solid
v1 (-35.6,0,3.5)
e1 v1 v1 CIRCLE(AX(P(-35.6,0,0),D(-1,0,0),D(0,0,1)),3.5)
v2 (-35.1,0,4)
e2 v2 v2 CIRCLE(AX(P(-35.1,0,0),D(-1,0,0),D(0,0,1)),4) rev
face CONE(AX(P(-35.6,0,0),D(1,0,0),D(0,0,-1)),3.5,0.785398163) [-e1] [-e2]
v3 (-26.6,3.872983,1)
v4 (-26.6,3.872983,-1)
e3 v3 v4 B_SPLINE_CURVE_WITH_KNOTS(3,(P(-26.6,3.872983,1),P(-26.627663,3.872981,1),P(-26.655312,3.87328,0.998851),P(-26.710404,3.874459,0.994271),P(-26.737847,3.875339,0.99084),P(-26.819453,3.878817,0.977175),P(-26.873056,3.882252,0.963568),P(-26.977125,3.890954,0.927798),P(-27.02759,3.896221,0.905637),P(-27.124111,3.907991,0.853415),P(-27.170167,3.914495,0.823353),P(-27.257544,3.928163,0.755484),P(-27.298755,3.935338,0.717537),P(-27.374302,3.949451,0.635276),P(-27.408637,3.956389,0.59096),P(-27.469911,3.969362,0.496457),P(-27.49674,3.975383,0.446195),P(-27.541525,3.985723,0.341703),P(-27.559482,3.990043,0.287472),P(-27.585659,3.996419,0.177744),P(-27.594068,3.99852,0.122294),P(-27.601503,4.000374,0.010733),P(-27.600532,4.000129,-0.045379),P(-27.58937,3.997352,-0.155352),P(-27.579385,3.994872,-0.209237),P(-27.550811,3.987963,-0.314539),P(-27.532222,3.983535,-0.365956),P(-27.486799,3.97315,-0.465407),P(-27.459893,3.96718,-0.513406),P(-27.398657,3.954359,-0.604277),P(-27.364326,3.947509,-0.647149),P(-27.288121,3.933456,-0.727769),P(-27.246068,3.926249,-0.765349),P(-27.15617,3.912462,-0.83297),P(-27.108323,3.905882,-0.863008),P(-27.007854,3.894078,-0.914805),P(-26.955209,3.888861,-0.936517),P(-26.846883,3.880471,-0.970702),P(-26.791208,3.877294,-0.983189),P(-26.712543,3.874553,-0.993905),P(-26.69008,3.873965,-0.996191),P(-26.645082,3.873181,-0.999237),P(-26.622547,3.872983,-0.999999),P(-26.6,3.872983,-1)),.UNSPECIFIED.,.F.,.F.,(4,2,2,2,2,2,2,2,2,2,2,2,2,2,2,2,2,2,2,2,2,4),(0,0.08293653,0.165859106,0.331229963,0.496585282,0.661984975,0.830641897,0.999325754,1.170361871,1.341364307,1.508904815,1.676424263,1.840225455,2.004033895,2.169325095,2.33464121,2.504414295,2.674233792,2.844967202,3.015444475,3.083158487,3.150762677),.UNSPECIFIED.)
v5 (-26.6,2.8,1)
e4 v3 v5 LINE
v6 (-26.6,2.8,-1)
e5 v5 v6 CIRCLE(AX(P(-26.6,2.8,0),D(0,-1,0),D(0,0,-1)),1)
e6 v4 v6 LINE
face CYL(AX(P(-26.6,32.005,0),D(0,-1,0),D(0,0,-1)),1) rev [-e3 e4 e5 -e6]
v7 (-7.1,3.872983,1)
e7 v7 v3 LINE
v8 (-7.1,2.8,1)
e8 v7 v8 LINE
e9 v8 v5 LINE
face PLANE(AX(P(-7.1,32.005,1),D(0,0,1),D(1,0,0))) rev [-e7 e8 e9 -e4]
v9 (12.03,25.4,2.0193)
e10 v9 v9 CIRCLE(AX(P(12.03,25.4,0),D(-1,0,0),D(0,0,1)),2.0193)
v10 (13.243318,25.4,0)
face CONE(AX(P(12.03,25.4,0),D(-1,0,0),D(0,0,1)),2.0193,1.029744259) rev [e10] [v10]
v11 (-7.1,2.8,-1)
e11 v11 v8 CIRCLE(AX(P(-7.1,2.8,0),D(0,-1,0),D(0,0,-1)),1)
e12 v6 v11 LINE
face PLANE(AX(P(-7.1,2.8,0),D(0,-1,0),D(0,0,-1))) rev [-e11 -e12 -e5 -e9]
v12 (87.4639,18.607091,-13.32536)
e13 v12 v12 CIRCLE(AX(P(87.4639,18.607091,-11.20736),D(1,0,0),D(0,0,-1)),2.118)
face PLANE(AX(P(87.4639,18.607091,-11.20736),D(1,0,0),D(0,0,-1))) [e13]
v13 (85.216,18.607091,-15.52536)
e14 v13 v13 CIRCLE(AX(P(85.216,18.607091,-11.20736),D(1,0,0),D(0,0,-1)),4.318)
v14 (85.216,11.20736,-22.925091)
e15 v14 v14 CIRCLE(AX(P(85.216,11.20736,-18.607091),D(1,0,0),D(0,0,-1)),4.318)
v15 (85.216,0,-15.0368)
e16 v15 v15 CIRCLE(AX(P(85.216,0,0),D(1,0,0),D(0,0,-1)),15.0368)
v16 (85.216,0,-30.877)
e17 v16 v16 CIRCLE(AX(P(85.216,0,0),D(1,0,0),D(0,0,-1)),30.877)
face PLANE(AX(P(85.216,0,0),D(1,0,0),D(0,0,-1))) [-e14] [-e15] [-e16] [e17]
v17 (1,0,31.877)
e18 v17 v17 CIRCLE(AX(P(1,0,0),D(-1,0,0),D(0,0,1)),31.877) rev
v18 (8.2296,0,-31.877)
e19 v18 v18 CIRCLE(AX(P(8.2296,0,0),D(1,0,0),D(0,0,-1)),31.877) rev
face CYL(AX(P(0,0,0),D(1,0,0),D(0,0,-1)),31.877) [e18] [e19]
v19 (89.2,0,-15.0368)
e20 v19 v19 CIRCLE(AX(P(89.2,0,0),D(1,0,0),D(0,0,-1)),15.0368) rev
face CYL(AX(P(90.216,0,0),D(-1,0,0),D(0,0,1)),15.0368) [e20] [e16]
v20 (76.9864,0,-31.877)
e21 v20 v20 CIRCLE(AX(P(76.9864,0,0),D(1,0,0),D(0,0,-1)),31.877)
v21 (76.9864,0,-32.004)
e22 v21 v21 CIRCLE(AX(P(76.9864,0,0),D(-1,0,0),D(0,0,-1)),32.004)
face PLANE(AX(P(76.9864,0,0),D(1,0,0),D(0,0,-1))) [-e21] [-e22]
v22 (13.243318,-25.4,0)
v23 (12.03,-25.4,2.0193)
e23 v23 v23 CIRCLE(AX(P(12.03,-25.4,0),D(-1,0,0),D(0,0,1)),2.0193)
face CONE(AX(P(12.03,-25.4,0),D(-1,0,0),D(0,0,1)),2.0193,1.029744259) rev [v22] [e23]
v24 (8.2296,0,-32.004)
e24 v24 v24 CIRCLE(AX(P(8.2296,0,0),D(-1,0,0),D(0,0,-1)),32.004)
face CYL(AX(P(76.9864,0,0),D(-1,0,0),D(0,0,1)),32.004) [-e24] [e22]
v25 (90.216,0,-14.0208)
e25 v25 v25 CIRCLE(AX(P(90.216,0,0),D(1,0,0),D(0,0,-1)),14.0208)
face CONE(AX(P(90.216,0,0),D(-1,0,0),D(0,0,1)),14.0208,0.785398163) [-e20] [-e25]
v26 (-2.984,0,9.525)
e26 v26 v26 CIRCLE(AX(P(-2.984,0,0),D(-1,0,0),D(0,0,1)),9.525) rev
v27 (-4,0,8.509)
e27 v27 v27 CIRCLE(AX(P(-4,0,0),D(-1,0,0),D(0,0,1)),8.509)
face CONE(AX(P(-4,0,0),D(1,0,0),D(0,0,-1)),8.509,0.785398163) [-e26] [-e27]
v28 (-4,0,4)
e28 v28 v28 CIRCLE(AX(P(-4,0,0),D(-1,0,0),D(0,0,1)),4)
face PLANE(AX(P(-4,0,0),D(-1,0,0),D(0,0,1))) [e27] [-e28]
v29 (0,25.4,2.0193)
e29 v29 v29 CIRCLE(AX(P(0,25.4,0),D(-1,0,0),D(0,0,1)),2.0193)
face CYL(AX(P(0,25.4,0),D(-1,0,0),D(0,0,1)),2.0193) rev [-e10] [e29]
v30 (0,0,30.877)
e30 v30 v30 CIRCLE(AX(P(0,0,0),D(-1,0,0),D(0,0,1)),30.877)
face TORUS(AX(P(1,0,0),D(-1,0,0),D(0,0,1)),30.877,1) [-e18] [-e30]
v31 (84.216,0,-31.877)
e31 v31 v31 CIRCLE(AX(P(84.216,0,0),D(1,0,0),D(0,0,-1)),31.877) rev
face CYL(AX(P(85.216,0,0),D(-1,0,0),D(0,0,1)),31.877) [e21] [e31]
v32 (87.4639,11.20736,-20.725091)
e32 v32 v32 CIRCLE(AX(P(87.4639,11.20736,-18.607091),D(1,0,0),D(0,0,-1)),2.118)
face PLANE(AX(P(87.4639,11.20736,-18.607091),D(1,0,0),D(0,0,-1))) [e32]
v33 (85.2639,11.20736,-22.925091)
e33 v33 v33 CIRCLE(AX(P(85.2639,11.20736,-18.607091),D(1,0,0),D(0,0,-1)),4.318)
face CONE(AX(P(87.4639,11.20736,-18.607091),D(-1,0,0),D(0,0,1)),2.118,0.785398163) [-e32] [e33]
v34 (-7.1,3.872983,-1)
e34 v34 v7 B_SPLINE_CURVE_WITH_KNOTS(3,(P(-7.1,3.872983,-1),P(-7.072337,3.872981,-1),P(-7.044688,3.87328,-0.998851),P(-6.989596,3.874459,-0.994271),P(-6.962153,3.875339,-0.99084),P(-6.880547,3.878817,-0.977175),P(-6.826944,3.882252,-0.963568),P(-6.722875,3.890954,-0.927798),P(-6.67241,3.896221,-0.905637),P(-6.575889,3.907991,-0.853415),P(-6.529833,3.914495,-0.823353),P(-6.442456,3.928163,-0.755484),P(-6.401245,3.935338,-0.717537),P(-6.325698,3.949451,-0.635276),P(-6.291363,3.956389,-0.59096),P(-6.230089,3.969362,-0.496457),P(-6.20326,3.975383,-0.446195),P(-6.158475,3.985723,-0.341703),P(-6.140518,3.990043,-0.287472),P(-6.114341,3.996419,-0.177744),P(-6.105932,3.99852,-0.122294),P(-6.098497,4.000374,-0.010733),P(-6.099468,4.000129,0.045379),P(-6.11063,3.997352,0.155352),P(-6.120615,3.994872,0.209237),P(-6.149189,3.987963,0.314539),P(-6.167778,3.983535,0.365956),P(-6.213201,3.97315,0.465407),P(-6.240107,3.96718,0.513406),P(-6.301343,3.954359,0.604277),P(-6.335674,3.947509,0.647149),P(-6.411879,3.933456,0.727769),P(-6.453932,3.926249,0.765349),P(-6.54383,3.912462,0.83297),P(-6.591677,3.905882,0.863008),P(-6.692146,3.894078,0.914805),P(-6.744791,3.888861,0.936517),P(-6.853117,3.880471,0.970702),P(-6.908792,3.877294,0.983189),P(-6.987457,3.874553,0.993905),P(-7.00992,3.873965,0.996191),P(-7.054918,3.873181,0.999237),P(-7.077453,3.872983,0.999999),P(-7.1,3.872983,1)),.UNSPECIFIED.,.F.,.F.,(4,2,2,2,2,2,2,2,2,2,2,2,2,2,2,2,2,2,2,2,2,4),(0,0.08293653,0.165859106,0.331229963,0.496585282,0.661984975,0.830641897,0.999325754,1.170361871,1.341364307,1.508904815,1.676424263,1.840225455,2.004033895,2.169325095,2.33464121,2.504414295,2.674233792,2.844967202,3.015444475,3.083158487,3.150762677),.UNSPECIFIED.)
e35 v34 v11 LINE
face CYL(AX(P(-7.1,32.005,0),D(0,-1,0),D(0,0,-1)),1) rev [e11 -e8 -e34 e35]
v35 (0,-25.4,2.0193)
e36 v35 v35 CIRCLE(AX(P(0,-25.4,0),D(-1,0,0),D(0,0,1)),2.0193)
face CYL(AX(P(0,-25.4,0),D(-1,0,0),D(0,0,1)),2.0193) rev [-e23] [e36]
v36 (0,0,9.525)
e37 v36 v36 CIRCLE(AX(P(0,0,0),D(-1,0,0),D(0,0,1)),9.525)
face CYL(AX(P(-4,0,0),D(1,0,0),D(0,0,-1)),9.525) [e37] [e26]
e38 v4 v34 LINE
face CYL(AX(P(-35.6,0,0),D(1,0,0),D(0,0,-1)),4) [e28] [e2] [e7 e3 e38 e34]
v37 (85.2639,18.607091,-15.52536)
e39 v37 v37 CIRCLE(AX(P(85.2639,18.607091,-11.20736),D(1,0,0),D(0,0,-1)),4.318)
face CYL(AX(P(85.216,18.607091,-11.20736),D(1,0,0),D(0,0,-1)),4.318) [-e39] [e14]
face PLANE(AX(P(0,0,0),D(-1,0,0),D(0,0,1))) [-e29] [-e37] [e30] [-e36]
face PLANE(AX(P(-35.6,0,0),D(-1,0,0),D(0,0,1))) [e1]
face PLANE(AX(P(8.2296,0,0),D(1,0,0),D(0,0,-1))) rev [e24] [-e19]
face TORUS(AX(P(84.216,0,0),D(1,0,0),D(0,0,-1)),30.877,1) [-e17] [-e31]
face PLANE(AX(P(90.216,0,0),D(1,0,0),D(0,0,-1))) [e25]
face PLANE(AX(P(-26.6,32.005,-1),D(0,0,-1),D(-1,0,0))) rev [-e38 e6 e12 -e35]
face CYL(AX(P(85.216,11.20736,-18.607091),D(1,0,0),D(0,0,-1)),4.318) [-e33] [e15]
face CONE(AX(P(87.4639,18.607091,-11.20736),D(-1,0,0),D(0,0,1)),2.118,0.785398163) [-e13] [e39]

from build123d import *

# Parameters (mm, degrees)
SKETCH1_R                  = 32.004
BOSS_EXTRUDE1_DEPTH        = 68.7568
SKETCH2_R                  = 31.877
BOSS_EXTRUDE2_DEPTH        = 8.2296
SKETCH3_R                  = 15.0368
BOSS_EXTRUDE3_DEPTH        = 5
BOSS_EXTRUDE4_START        = 8.2296
SKETCH4_R                  = 31.877
BOSS_EXTRUDE4_DEPTH        = 8.2296
SKETCH5_R                  = 9.525
BOSS_EXTRUDE5_DEPTH        = 4
SKETCH6_R                  = 4
BOSS_EXTRUDE6_DEPTH        = 31.6
CUT_EXTRUDE1_REACH         = 103.855
CUT_EXTRUDE1_END_RADIUS    = 4
F_10_32_TAPPED_HOLE1_D     = 4.0386
F_10_32_TAPPED_HOLE1_DEPTH = 12.03
F_10_32_TAPPED_HOLE1_TIP   = 1.213317848
CHAMFER1_SIZE              = 1.016
CHAMFER2_SIZE              = 0.5
FILLET1_R                  = 1


with BuildPart() as part:
    # Sketch1 → Boss-Extrude1 (new body)
    with BuildSketch(Plane(origin=(8.2296, 0, 0), x_dir=(0, -1, 0), z_dir=(-1, 0, 0))):
        with Locations(Location((0, 0, 0), (0, 0, 270))):
            Circle(SKETCH1_R)
    extrude(amount=-BOSS_EXTRUDE1_DEPTH)

    # Sketch2 → Boss-Extrude2 (add)
    with BuildSketch(Plane(origin=(76.9864, 0, 0), x_dir=(0, 0, -1), z_dir=(1, 0, 0))):
        Circle(SKETCH2_R)
    extrude(amount=BOSS_EXTRUDE2_DEPTH)

    # Sketch3 → Boss-Extrude3 (add)
    with BuildSketch(Plane(origin=(85.216, 0, 0), x_dir=(0, 0, -1), z_dir=(1, 0, 0))):
        Circle(SKETCH3_R)
    extrude(amount=BOSS_EXTRUDE3_DEPTH)

    # Sketch4 → Boss-Extrude4 (add)
    with BuildSketch(Plane.ZY.offset(-8.2296).offset(BOSS_EXTRUDE4_START)):
        with Locations(Location((0, 0, 0), (0, 0, 180))):
            Circle(SKETCH4_R)
    extrude(amount=-BOSS_EXTRUDE4_DEPTH)

    # Sketch5 → Boss-Extrude5 (add)
    with BuildSketch(Plane.ZY):
        Circle(SKETCH5_R)
    extrude(amount=BOSS_EXTRUDE5_DEPTH)

    # Sketch6 → Boss-Extrude6 (add)
    with BuildSketch(Plane.ZY.offset(4)):
        Circle(SKETCH6_R)
    extrude(amount=BOSS_EXTRUDE6_DEPTH)

    # Cut-Extrude1: up to this cylinder (the profile starts inside it)
    cut_extrude1_end = Plane(origin=(-16.85, 0, 0), z_dir=(1, 0, 0)) * Cylinder(CUT_EXTRUDE1_END_RADIUS, 216.71, mode=Mode.PRIVATE)
    # Sketch7 → Cut-Extrude1 (cut, up to the surface)
    with BuildSketch(Plane.XZ.offset(-2.8), mode=Mode.PRIVATE) as cut_extrude1_sk1:
        with BuildLine():
            Line((-7.1, 1), (-26.6, 1))
            ThreePointArc((-26.6, 1), (-27.6, 0), (-26.6, -1))
            Line((-26.6, -1), (-7.1, -1))
            ThreePointArc((-7.1, -1), (-6.1, 0), (-7.1, 1))
        make_face()
    cut_extrude1_tool1 = extrude(cut_extrude1_sk1.sketch, amount=-CUT_EXTRUDE1_REACH, mode=Mode.PRIVATE) & cut_extrude1_end
    add(cut_extrude1_tool1.solids().sort_by_distance((-16.85, 2.8, 0))[0], mode=Mode.SUBTRACT)

    # Sketch8 → Revolve1 (revolve)
    with BuildSketch(Plane.XY.offset(-18.607090683), mode=Mode.PRIVATE) as revolve1_sk:
        Polygon((85.216, 15.525359639), (85.216, 11.207359639), (87.4639, 11.207359639), (87.4639, 13.325359639), (85.2639, 15.525359639), align=None)
    revolve(revolve1_sk.sketch.rotate(Axis((85.216, 11.207359639, -18.607090683), (1, 0, 0)), 270), axis=Axis((85.216, 11.207359639, -18.607090683), (1, 0, 0)))

    # Sketch9 → Revolve2 (revolve)
    with BuildSketch(Plane.XY.offset(-11.207359639), mode=Mode.PRIVATE) as revolve2_sk:
        Polygon((85.216, 22.925090683), (85.216, 18.607090683), (87.4639, 18.607090683), (87.4639, 20.725090683), (85.2639, 22.925090683), align=None)
    revolve(revolve2_sk.sketch.rotate(Axis((85.216, 18.607090683, -11.207359639), (1, 0, 0)), 270), axis=Axis((85.216, 18.607090683, -11.207359639), (1, 0, 0)))

    # #10-32 Tapped Hole1
    with Locations(Plane.ZY):
        with Locations((0, 25.4), (0, -25.4)):
            Hole(F_10_32_TAPPED_HOLE1_D / 2, depth=F_10_32_TAPPED_HOLE1_DEPTH)
            with Locations((0, 0, -(F_10_32_TAPPED_HOLE1_DEPTH + F_10_32_TAPPED_HOLE1_TIP / 2))):  # 118° drill point
                Cone(0, F_10_32_TAPPED_HOLE1_D / 2, F_10_32_TAPPED_HOLE1_TIP, mode=Mode.SUBTRACT)

    # Chamfer1
    chamfer1_edges = [part.edges().sort_by_distance(p)[0] for p in [
        (90.216, 0, 15.0368),
        (-4, 0, -9.525),
    ]]
    chamfer(chamfer1_edges, length=CHAMFER1_SIZE)

    # Chamfer2
    chamfer2_edges = [part.edges().sort_by_distance(p)[0] for p in [
        (-35.6, 0, -4),
    ]]
    chamfer(chamfer2_edges, length=CHAMFER2_SIZE)

    # Fillet1
    fillet1_edges = [part.edges().sort_by_distance(p)[0] for p in [
        (0, 0, 31.877),
        (85.216, 0, 31.877),
    ]]
    fillet(fillet1_edges, radius=FILLET1_R)


solid = part.part
